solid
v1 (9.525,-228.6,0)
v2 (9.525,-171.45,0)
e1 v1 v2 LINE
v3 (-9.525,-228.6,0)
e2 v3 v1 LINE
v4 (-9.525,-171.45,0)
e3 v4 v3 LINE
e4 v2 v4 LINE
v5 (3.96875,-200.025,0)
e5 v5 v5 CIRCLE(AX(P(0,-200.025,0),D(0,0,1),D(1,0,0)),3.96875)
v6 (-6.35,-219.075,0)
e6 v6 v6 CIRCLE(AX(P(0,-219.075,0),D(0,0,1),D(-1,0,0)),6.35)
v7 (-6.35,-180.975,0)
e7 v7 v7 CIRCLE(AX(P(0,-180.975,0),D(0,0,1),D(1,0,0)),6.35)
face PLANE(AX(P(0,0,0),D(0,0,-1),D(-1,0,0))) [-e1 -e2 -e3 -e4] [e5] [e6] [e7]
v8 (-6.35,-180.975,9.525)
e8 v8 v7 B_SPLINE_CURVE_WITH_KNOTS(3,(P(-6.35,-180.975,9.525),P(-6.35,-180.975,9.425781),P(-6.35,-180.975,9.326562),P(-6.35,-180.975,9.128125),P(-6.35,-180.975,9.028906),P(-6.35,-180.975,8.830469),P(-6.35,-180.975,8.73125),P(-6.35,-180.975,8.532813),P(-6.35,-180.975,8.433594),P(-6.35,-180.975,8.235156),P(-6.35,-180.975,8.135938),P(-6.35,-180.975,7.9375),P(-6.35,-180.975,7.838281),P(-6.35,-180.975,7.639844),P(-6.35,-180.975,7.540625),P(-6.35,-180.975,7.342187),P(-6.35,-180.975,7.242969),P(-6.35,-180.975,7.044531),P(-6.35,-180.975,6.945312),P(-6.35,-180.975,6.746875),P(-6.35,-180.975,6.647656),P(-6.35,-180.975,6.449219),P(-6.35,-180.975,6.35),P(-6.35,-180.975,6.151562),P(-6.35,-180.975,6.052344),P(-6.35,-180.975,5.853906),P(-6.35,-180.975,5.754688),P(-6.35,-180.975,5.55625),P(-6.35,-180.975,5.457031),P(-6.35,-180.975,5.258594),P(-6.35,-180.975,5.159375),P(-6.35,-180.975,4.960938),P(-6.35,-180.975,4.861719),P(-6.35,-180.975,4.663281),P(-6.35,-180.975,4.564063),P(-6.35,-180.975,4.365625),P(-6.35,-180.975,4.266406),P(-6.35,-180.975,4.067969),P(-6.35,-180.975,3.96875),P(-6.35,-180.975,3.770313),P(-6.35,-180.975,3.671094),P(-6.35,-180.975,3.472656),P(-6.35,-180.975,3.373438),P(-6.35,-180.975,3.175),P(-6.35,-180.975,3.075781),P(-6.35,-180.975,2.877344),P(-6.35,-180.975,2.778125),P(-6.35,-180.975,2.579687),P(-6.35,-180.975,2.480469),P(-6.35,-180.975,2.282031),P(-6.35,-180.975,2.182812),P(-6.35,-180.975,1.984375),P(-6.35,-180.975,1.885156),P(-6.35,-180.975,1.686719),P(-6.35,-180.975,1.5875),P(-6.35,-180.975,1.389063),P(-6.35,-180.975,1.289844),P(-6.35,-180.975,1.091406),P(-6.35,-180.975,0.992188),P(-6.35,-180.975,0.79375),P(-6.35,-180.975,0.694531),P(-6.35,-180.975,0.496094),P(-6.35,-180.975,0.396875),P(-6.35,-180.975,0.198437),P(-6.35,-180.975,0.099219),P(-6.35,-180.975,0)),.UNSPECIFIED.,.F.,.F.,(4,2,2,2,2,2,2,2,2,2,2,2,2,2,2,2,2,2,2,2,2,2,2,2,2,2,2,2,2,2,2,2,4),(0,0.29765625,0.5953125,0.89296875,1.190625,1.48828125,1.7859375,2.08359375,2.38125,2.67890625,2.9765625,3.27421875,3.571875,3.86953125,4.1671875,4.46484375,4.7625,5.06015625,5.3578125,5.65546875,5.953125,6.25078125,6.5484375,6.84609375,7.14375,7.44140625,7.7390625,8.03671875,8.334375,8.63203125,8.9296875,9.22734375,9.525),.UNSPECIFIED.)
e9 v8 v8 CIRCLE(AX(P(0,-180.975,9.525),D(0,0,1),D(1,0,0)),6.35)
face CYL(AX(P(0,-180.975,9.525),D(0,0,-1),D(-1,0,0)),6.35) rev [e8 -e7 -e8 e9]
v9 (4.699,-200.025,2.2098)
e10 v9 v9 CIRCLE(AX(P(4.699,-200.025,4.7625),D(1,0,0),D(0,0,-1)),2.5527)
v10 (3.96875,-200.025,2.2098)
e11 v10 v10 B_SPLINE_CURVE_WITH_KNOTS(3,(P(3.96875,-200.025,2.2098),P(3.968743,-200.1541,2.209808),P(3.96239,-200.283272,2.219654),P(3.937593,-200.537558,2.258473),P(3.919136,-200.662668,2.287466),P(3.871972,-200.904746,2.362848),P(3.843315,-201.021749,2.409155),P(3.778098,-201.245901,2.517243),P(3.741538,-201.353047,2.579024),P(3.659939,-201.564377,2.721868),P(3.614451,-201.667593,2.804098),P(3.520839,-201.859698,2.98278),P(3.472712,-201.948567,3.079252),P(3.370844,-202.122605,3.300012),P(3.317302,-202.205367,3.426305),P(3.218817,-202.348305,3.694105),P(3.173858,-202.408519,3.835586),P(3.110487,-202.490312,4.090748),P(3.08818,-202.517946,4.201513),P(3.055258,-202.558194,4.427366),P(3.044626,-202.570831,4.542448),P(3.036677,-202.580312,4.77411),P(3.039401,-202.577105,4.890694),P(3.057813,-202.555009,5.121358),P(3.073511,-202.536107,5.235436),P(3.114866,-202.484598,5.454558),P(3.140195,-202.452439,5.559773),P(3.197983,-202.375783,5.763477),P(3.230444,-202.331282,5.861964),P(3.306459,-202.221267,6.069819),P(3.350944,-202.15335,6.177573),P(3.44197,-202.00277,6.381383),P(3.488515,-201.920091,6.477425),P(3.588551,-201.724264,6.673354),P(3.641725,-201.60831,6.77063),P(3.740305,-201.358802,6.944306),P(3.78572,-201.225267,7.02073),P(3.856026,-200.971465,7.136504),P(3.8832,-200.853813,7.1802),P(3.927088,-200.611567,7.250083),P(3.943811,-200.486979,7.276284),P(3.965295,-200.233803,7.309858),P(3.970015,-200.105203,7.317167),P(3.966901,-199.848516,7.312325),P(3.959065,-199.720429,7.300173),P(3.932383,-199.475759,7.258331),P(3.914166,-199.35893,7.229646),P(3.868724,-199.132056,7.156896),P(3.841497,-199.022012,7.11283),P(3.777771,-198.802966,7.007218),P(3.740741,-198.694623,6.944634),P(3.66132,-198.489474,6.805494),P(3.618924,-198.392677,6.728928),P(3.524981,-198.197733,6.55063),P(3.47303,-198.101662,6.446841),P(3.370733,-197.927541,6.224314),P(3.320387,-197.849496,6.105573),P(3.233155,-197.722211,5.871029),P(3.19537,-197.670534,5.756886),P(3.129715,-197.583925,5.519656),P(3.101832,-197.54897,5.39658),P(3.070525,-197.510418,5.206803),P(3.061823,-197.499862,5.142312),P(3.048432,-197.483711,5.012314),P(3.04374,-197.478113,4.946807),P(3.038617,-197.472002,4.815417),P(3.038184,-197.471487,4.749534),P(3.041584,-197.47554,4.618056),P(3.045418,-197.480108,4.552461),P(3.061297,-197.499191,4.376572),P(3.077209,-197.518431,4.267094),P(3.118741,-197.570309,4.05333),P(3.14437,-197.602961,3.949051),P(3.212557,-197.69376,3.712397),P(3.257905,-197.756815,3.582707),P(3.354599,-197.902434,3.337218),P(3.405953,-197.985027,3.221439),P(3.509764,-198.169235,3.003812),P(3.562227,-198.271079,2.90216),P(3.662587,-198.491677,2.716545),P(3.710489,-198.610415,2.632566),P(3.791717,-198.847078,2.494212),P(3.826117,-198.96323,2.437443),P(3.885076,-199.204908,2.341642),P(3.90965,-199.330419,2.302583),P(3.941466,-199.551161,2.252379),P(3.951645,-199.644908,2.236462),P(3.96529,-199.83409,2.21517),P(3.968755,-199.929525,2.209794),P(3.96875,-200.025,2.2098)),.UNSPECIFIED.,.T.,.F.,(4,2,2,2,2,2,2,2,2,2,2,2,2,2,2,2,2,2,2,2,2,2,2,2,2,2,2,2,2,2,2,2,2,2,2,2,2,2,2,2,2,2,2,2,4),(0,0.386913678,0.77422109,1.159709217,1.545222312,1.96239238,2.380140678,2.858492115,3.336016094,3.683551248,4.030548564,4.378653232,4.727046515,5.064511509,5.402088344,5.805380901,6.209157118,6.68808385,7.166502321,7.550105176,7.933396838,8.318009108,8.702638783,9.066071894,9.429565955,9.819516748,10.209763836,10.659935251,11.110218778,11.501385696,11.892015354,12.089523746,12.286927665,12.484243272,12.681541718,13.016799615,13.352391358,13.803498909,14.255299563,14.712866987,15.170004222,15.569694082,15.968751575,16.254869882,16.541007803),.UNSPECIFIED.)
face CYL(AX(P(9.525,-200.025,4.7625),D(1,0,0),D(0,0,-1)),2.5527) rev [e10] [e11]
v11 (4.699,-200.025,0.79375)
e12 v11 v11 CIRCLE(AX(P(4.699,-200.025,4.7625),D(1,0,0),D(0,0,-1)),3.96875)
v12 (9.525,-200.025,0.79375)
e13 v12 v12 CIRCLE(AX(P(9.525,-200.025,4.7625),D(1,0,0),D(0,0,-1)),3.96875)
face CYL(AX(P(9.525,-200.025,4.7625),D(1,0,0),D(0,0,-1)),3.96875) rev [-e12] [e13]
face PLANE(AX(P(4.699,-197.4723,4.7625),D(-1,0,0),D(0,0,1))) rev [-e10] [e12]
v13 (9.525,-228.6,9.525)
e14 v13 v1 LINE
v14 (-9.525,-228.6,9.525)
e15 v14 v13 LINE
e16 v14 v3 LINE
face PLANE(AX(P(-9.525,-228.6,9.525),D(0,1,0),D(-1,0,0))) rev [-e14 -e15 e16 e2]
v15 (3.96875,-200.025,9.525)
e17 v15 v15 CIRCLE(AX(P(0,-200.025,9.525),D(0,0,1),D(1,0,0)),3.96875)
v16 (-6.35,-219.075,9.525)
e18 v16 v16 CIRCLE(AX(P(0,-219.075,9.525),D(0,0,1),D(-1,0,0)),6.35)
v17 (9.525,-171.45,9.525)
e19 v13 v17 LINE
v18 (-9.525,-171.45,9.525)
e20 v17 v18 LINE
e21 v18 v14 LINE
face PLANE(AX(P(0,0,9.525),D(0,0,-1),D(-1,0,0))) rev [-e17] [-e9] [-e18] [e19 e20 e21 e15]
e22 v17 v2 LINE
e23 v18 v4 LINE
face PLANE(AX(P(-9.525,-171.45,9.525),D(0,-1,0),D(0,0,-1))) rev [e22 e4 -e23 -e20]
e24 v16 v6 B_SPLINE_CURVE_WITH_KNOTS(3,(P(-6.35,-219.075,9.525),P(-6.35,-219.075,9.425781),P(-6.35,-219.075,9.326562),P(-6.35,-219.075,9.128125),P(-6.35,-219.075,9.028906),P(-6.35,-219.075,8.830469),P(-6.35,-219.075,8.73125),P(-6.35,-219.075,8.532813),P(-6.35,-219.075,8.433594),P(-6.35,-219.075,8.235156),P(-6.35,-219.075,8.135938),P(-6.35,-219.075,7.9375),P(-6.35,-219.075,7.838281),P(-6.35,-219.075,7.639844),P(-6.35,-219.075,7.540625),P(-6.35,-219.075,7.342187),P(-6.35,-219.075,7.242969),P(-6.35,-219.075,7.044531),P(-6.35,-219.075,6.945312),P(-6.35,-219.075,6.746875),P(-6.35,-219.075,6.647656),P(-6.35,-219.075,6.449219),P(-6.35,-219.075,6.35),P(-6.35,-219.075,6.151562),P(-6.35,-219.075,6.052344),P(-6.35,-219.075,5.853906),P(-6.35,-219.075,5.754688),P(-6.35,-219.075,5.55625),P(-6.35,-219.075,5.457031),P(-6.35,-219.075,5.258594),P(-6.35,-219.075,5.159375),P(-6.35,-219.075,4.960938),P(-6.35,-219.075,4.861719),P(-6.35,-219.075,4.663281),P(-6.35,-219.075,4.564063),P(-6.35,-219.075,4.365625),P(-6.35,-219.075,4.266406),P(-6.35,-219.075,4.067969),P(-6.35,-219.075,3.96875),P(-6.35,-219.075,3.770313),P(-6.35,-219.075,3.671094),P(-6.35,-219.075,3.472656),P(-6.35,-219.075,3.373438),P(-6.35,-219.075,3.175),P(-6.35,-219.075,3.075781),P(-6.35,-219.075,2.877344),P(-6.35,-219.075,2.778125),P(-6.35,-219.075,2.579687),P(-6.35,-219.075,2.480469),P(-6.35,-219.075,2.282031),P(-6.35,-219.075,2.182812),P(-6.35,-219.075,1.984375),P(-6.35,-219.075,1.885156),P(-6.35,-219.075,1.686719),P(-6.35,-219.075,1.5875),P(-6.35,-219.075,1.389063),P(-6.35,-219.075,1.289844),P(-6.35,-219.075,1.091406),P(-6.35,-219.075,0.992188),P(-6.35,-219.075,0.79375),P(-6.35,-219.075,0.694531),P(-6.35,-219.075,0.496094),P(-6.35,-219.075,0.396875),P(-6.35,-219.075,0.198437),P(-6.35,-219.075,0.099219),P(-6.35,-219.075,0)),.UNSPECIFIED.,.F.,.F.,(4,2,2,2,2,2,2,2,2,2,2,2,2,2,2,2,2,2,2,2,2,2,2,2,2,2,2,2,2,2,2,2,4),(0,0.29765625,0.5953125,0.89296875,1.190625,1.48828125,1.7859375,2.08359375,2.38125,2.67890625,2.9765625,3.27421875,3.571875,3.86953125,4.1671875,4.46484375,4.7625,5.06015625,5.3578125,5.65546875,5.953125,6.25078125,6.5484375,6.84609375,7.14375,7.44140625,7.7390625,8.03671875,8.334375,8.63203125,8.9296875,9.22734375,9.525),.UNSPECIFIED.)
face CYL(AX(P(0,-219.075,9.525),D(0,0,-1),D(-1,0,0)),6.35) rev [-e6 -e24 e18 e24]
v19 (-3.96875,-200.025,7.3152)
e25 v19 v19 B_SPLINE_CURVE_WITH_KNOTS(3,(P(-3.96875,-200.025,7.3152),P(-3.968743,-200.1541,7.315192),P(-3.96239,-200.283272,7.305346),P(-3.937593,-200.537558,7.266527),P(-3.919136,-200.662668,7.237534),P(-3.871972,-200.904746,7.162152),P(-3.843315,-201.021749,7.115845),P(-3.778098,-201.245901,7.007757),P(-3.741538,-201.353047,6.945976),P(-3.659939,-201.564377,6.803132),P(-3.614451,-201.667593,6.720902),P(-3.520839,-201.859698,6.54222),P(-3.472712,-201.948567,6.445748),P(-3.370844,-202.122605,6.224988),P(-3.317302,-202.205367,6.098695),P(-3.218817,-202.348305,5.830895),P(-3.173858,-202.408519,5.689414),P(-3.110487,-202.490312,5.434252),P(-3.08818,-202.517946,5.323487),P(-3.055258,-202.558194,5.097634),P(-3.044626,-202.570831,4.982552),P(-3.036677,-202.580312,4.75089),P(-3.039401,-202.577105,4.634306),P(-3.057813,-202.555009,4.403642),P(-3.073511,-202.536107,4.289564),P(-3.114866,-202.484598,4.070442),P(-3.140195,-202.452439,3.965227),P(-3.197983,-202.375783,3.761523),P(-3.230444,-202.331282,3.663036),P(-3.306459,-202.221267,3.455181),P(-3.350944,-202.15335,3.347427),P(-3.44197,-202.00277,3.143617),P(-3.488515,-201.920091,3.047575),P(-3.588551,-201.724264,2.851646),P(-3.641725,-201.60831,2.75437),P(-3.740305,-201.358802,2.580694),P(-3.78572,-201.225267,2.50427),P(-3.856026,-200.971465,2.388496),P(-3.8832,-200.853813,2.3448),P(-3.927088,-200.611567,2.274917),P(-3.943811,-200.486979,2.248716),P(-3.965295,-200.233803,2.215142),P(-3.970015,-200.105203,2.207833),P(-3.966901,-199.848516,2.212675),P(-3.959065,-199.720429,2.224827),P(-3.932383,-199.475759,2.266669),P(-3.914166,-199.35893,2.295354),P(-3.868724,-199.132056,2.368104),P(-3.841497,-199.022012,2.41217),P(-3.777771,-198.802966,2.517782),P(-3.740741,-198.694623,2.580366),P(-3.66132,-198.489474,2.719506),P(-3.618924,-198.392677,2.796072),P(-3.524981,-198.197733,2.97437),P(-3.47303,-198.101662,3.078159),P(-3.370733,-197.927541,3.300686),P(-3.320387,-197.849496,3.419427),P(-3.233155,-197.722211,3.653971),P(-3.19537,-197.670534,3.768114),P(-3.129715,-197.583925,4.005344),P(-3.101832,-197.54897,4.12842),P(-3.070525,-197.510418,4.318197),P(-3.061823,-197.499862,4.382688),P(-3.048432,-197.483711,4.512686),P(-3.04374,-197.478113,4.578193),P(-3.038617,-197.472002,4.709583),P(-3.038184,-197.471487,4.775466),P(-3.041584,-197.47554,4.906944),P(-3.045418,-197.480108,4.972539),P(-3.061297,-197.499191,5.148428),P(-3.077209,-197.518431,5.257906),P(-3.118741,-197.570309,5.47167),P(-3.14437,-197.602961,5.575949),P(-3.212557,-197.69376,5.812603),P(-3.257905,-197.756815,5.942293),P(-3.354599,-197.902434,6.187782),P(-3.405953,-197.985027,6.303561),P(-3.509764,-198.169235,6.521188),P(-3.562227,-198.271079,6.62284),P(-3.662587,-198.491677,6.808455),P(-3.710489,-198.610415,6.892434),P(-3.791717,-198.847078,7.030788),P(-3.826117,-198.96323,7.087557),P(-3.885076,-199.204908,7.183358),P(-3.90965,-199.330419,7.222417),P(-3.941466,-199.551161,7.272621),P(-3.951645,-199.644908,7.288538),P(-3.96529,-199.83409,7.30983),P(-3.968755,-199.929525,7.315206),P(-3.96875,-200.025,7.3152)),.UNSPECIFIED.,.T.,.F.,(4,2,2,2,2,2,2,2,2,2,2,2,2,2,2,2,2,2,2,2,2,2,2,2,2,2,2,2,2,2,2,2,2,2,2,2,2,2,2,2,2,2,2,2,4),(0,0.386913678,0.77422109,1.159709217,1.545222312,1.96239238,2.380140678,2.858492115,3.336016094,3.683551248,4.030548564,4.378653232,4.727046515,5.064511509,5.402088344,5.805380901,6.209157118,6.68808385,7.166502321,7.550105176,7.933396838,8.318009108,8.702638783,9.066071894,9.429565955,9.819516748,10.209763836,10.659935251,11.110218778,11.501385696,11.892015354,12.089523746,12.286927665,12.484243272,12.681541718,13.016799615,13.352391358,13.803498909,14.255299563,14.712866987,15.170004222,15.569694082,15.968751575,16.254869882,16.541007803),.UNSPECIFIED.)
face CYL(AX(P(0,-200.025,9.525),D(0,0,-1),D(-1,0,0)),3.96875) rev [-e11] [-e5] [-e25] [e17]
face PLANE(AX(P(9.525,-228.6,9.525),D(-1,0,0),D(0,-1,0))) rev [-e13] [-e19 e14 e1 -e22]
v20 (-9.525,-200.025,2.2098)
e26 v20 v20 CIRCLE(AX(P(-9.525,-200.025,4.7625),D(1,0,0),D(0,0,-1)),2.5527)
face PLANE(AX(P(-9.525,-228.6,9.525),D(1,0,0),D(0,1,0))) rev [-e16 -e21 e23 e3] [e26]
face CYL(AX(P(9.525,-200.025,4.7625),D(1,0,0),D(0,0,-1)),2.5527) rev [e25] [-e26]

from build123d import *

# Parameters (mm, degrees)
SKETCH1_W                                       = 19.05
SKETCH1_H                                       = 57.15
SKETCH1_R                                       = 3.96875
SKETCH1_R_2                                     = 6.35
BOSS_EXTRUDE2_DEPTH                             = 9.525
CBORE_FOR_10_SOCKET_HEAD_CAP_SCREW2_D           = 5.1054
CBORE_FOR_10_SOCKET_HEAD_CAP_SCREW2_DEPTH       = 19.05
CBORE_FOR_10_SOCKET_HEAD_CAP_SCREW2_CBORE_D     = 7.9375
CBORE_FOR_10_SOCKET_HEAD_CAP_SCREW2_CBORE_DEPTH = 4.826
CBORE_FOR_10_SOCKET_HEAD_CAP_SCREW2_TIP         = 1.533816902


with BuildPart() as part:
    # Sketch1 → Boss-Extrude2 (new body)
    with BuildSketch(Plane.XY):
        with Locations((0, -200.025)):
            Rectangle(SKETCH1_W, SKETCH1_H)
        with Locations(Location((0, -200.025, 0), (0, 0, 180))):
            Circle(SKETCH1_R, mode=Mode.SUBTRACT)
        with Locations(Location((0, -180.975, 0), (0, 0, 180))):
            Circle(SKETCH1_R_2, mode=Mode.SUBTRACT)
        with Locations(Location((0, -219.075, 0), (0, 0, 180))):
            Circle(SKETCH1_R_2, mode=Mode.SUBTRACT)
    extrude(amount=BOSS_EXTRUDE2_DEPTH)

    # CBORE for #10 Socket Head Cap Screw2
    with Locations(Plane(origin=(9.525, 0, 0), x_dir=(0, 0, -1), z_dir=(1, 0, 0))):
        with Locations((-4.7625, -200.025)):
            CounterBoreHole(CBORE_FOR_10_SOCKET_HEAD_CAP_SCREW2_D / 2, CBORE_FOR_10_SOCKET_HEAD_CAP_SCREW2_CBORE_D / 2, CBORE_FOR_10_SOCKET_HEAD_CAP_SCREW2_CBORE_DEPTH, depth=CBORE_FOR_10_SOCKET_HEAD_CAP_SCREW2_DEPTH)
            with Locations((0, 0, -(CBORE_FOR_10_SOCKET_HEAD_CAP_SCREW2_DEPTH + CBORE_FOR_10_SOCKET_HEAD_CAP_SCREW2_TIP / 2))):  # 118° drill point
                Cone(0, CBORE_FOR_10_SOCKET_HEAD_CAP_SCREW2_D / 2, CBORE_FOR_10_SOCKET_HEAD_CAP_SCREW2_TIP, mode=Mode.SUBTRACT)


solid = part.part
